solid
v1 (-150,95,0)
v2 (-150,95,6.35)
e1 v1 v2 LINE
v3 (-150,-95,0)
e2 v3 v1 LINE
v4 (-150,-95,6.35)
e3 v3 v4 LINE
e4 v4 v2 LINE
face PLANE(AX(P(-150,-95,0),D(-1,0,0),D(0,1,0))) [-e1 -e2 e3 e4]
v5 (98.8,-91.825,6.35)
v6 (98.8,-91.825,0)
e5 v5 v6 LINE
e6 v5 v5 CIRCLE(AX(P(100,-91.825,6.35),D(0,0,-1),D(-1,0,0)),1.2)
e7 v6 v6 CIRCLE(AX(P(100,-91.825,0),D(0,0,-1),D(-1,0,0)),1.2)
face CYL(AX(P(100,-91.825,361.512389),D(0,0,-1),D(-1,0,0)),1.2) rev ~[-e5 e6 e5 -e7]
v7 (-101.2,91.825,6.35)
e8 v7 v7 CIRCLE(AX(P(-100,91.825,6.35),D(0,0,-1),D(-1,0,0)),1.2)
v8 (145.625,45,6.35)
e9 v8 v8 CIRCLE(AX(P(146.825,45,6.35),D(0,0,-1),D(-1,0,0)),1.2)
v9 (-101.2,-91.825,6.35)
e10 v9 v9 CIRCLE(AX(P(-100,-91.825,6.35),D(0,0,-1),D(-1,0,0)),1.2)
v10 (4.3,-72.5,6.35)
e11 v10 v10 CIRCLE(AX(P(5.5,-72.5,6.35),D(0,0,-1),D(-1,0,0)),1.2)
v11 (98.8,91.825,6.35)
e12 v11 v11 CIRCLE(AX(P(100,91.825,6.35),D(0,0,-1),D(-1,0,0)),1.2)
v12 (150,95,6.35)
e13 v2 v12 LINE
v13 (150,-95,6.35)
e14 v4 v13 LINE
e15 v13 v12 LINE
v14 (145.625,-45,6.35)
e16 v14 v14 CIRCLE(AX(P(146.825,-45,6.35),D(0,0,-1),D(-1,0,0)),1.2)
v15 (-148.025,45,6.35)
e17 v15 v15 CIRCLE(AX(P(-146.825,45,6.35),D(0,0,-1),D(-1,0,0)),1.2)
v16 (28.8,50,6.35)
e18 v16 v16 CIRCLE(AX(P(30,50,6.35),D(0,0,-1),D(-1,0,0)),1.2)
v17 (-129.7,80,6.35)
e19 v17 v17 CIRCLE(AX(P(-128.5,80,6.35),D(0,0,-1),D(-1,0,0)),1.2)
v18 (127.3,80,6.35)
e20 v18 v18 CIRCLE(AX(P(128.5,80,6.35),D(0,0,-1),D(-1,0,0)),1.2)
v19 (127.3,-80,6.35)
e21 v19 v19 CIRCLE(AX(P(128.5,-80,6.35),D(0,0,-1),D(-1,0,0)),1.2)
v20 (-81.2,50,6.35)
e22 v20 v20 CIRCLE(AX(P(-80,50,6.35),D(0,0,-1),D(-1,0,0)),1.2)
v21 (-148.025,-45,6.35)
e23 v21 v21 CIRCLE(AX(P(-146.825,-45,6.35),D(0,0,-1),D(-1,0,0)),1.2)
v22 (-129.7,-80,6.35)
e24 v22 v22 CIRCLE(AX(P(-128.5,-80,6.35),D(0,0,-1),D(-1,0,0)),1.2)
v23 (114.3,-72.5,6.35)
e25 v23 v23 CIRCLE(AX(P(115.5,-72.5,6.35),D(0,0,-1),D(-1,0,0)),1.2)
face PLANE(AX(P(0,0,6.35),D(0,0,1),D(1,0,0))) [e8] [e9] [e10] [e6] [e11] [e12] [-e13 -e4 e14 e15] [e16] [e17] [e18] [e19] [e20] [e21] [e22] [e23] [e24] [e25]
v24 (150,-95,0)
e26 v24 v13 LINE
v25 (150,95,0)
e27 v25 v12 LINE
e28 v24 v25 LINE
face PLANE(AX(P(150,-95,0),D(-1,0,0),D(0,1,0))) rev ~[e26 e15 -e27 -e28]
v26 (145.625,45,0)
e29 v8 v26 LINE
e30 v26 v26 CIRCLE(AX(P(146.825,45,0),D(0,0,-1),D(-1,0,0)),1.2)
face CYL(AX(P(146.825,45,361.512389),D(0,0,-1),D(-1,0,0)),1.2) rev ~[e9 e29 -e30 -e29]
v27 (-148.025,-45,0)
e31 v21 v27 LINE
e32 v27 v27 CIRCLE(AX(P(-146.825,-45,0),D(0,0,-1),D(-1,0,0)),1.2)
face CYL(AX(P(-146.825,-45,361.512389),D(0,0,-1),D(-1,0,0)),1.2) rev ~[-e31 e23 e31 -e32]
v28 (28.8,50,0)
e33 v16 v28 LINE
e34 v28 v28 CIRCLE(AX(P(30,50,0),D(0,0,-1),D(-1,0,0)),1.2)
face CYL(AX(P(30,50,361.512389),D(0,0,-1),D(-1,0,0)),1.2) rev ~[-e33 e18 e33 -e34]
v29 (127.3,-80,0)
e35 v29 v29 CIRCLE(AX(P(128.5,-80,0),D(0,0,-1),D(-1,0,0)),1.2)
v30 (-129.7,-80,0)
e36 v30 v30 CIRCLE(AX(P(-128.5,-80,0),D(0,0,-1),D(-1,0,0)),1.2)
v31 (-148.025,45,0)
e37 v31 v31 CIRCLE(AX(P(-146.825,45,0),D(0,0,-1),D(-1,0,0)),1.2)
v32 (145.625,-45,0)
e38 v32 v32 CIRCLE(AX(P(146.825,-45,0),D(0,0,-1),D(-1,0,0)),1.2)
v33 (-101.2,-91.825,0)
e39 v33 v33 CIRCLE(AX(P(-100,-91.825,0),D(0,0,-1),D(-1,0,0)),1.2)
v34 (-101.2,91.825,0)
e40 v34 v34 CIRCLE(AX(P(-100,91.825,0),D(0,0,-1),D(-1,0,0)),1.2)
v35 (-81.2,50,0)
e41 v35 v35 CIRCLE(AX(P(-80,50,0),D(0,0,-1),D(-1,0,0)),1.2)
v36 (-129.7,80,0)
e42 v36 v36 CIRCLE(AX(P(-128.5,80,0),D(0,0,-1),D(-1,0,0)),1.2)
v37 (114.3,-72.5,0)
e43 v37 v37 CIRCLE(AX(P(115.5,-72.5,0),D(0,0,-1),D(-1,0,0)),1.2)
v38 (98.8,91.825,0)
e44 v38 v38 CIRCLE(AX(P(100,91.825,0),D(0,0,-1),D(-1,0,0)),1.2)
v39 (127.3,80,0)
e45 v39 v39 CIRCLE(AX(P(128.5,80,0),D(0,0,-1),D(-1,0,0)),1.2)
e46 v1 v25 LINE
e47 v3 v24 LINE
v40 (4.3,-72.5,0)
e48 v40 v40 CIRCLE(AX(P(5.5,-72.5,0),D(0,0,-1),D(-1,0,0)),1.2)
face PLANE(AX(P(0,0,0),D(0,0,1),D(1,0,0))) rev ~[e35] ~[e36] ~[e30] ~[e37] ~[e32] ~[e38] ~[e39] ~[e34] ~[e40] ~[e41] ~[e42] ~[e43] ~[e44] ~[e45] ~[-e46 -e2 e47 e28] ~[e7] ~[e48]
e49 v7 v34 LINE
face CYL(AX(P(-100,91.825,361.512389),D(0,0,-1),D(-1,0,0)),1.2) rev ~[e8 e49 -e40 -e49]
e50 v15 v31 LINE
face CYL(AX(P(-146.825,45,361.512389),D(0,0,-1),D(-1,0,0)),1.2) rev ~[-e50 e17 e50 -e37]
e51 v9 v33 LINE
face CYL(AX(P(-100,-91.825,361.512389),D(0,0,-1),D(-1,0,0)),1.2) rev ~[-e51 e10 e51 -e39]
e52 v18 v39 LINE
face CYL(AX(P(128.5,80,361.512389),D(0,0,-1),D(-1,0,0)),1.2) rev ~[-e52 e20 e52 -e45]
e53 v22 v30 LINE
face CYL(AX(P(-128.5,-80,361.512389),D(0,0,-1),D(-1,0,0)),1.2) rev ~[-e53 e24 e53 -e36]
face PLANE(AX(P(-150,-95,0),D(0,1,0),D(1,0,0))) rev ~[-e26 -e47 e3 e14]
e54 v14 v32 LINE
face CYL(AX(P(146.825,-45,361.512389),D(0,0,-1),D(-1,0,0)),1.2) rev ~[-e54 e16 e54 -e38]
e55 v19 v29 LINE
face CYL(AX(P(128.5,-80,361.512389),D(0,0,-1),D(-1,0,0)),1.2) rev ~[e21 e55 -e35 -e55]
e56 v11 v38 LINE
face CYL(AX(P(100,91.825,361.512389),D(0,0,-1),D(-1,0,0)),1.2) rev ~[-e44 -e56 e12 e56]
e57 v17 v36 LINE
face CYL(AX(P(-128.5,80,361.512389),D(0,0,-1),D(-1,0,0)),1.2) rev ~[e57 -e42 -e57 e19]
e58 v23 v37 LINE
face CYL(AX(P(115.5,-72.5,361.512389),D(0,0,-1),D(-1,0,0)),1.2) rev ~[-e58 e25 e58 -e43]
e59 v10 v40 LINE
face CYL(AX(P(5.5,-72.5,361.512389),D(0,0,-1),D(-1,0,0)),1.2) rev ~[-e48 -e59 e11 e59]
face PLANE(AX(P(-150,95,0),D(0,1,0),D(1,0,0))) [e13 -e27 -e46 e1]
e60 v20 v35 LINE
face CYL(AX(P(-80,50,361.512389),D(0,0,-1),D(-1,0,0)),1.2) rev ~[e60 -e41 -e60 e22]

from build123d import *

# Parameters (mm, degrees)
F0_W     = 300
F0_H     = 190
F1_DEPTH = 6.35
F4_D     = 2.4


with BuildPart() as f1:
    # F0 (on Top) → F1 (new body)
    with BuildSketch(Plane.XY):
        Rectangle(F0_W, F0_H)
    extrude(amount=F1_DEPTH)

    # F4 (through all)
    with Locations(Plane.XY.offset(6.35)):
        with Locations((-128.5, 80), (-80, 50), (-128.5, -80), (5.5, -72.5), (30, 50), (115.5, -72.5), (128.5, -80), (128.5, 80), (-100, 91.825), (-146.825, 45), (-146.825, -45), (-100, -91.825), (100, -91.825), (146.825, -45), (146.825, 45), (100, 91.825)):
            Hole(F4_D / 2)


solid = f1.part
